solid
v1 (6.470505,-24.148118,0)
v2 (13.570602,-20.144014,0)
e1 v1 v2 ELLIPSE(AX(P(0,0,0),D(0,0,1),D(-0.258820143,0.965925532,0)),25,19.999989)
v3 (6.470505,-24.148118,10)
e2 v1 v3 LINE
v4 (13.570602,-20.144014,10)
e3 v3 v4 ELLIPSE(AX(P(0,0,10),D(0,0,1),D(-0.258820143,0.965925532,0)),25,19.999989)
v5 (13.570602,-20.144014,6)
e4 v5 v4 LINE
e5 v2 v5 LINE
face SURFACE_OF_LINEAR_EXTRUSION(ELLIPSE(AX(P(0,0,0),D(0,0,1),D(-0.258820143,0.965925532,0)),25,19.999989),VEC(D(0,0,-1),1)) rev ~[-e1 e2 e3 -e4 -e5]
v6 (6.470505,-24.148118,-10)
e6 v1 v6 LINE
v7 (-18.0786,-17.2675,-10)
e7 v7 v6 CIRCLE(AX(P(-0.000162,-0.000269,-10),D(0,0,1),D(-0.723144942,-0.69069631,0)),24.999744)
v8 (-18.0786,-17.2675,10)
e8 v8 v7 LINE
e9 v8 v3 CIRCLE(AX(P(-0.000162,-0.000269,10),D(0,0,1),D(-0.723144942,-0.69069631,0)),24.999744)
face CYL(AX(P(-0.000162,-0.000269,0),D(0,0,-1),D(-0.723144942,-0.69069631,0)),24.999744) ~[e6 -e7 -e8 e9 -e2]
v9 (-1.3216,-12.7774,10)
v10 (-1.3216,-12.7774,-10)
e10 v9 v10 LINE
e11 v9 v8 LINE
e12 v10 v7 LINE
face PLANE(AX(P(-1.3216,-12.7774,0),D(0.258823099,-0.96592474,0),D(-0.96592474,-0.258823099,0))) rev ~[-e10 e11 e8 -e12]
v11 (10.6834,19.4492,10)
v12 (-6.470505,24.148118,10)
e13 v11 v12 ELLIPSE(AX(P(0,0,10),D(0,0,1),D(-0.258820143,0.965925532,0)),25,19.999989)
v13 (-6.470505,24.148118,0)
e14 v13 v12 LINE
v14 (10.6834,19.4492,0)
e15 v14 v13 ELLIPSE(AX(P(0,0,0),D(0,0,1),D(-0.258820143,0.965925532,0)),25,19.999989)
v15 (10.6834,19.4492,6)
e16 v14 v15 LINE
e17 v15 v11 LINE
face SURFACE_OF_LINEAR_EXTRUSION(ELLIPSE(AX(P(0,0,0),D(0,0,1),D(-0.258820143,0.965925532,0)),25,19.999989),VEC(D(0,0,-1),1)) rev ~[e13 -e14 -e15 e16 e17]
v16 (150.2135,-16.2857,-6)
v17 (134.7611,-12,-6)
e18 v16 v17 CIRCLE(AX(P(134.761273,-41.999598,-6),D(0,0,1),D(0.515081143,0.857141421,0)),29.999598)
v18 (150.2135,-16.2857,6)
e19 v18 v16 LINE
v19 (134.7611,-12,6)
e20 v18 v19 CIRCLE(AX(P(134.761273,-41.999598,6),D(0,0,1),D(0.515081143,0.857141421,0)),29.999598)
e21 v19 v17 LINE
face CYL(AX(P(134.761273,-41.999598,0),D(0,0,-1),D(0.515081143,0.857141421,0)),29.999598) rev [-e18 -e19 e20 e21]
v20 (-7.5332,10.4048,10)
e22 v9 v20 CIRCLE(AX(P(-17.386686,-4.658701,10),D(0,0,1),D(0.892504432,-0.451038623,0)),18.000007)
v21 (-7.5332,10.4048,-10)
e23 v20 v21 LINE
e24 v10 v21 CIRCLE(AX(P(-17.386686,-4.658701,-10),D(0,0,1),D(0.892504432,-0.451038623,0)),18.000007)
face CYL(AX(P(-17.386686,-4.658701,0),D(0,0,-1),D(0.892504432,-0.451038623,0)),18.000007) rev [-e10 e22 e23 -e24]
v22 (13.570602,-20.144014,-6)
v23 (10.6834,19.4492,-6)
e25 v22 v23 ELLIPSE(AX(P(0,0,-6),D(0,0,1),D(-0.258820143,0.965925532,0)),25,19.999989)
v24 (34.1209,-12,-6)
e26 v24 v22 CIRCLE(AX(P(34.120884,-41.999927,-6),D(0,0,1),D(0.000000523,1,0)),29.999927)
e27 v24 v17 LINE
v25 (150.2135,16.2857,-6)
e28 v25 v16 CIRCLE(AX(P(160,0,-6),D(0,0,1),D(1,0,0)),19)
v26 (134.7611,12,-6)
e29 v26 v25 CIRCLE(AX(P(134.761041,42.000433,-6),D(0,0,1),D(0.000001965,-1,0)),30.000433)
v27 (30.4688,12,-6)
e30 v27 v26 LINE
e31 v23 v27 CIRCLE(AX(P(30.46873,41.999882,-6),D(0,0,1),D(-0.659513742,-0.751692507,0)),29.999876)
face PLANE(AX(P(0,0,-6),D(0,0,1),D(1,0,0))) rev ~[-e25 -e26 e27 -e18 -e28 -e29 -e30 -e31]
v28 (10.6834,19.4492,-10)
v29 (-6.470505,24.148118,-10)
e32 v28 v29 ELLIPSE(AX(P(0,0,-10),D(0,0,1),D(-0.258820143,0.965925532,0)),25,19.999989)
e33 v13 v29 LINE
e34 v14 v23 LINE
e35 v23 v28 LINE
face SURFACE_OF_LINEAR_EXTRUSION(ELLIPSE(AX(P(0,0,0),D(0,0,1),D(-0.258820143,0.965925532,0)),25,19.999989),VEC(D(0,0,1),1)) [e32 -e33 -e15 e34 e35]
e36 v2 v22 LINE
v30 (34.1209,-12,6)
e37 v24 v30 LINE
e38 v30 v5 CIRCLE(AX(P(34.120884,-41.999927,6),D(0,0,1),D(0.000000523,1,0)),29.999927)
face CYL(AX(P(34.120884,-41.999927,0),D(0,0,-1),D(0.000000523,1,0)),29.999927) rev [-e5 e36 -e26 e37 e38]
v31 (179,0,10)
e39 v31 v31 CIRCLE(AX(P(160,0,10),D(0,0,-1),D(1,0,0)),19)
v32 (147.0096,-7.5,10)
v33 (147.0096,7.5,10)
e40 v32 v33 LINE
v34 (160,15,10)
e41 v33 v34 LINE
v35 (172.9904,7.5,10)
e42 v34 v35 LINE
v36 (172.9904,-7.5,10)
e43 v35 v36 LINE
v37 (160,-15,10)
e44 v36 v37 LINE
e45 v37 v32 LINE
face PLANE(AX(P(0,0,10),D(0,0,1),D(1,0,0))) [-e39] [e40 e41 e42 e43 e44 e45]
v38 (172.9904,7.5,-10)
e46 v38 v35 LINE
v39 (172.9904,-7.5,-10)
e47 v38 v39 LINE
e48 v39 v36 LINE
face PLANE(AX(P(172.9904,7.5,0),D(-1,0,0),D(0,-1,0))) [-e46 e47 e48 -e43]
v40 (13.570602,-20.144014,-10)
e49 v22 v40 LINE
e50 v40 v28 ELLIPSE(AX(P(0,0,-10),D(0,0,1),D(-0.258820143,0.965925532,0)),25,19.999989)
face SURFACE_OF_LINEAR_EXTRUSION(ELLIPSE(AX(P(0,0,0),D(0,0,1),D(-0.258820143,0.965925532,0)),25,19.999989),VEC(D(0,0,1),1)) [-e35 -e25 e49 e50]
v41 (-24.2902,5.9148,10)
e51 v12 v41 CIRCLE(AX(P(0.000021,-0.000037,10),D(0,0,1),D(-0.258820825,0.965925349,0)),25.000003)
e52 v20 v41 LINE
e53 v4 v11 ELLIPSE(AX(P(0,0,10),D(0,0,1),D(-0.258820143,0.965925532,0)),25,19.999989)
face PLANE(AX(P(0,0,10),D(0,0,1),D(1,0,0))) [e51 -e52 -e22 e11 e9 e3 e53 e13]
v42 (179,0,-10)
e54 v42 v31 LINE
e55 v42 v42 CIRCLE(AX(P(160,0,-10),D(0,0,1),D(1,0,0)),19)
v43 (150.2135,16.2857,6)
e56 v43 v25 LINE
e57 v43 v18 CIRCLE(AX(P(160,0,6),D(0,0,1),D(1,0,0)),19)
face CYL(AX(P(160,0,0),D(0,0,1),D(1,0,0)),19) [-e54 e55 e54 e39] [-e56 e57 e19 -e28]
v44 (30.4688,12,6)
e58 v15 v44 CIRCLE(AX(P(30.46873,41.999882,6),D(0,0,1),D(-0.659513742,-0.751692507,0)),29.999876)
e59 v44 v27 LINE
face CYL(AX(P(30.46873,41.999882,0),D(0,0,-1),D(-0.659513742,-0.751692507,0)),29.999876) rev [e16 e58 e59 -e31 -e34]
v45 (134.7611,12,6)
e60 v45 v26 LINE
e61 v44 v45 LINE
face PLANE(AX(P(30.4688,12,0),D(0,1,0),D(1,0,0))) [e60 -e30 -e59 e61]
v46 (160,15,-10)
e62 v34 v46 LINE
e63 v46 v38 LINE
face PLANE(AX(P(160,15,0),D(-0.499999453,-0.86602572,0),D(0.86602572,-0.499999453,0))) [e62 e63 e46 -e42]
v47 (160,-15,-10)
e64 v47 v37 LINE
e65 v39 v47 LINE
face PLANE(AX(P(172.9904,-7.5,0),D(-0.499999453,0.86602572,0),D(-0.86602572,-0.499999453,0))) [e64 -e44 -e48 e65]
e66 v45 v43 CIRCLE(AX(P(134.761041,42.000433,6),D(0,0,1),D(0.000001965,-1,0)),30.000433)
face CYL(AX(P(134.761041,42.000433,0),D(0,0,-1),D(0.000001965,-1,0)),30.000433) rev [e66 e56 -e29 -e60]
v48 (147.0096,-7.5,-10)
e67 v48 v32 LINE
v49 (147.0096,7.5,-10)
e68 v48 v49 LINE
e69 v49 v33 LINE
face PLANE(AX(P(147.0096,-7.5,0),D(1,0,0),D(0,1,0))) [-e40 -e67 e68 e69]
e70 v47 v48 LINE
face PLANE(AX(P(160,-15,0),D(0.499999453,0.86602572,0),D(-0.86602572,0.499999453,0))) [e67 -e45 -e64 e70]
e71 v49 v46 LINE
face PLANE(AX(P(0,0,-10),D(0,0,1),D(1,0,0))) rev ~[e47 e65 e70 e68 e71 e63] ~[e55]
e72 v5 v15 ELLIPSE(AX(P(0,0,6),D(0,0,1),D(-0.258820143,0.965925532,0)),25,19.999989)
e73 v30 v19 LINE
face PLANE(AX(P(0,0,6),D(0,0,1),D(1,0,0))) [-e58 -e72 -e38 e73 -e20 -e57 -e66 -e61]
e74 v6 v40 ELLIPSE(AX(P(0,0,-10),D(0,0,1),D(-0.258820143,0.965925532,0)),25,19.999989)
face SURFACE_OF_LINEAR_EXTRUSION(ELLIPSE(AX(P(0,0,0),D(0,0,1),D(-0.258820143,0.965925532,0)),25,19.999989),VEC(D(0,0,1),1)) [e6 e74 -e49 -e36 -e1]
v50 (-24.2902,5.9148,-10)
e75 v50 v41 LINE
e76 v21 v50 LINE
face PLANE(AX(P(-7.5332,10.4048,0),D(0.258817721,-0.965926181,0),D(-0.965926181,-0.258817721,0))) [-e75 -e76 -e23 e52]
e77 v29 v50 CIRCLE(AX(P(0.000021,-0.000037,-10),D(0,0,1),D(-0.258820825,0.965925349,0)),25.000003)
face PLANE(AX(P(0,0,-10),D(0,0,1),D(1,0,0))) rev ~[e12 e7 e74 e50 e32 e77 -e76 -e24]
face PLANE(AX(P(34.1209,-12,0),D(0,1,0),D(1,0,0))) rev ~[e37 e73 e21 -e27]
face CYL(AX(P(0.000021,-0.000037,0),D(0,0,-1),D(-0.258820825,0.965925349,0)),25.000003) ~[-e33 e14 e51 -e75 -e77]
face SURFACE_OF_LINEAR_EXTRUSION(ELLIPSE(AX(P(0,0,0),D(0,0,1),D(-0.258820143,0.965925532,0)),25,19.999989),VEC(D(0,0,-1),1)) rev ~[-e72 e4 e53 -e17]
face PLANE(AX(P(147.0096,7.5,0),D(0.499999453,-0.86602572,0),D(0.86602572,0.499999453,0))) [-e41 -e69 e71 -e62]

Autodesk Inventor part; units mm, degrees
ref_plane "YZ Plane" through (0, 0, 0) normal (1, 0, 0) x (0, 1, 0)
ref_plane "XZ Plane" through (0, 0, 0) normal (0, 1, 0) x (-1, 0, 0)
ref_plane "XY Plane" through (0, 0, 0) normal (0, 0, 1) x (1, 0, 0)
sketch "Sketch1" plane through (0, 0, 0) normal (0, 0, 1) x (1, 0, 0)
  line L0 (0, 0) -> (0, 114.286) construction
  line L1 (0, 0) -> (-19.7038, 73.5356) construction
  ellipse E0 centre (0, 0) end of major axis (19.3185, 5.1764) minor radius 25 (6.4705, -24.1481) -> (-6.4705, 24.1481) ccw
  arc A0 (-1.3216, -12.7774) -> (-7.5332, 10.4048) centre (-17.3867, -4.6587) ccw
  line L2 (-7.5332, 10.4048) -> (-24.2902, 5.9148)
  line L3 (-1.3216, -12.7774) -> (-18.0786, -17.2675)
  arc A1 (-6.4705, 24.1481) -> (-24.2902, 5.9148) centre (0, 0) ccw
  arc A2 (-18.0786, -17.2675) -> (6.4705, -24.1481) centre (0, 0) ccw
  line L4 (0, 0) -> (160, 0) construction
  line L5 (30.4688, 12) -> (134.7611, 12)
  line L6 (34.1209, -12) -> (134.7611, -12)
  arc A3 (10.6834, 19.4492) -> (31.3482, 12.0129) centre (30.4688, 42) ccw
  arc A4 (34.1209, -12) -> (11.6572, -22.1158) centre (34.1209, -42) ccw
  circle A5 centre (160, 0) radius 19
  line L7 (172.9904, 7.5) -> (172.9904, -7.5)
  line L8 (172.9904, -7.5) -> (160, -15)
  line L9 (160, -15) -> (147.0096, -7.5)
  line L10 (147.0096, -7.5) -> (147.0096, 7.5)
  line L11 (147.0096, 7.5) -> (160, 15)
  line L12 (160, 15) -> (172.9904, 7.5)
  arc A6 (134.7611, 12) -> (150.2135, 16.2857) centre (134.7611, 42) ccw
  arc A7 (150.2135, -16.2857) -> (134.7611, -12) centre (134.7611, -42) ccw
  point P0 (172.9904, 0)
  point P1 (13.5706, -20.144)
  dimension "d12" = 20
  dimension "d14" = 25
  dimension "d19" = 38
  dimension "d7" = 15
  dimension "d10" = 18
  dimension "d13" = 24
  dimension "d15" = 25
  dimension "d16" = 30
  dimension "d17" = 24
  dimension "d18" = 30
  dimension "d20" = 30
  dimension "d21" = 160
  dimension "d23" = 15
extrude "Extrusion1" add sketch "Sketch1" along normal mid plane 20 contours E0 A2 L3 A0 L2 A1 | A5
extrude "Extrusion2" add sketch "Sketch1" along normal mid plane 12 contours A3 L5 A6 A5 A7 L6 A4 E0
properties part number "Co le" material "Steel, Alloy"
